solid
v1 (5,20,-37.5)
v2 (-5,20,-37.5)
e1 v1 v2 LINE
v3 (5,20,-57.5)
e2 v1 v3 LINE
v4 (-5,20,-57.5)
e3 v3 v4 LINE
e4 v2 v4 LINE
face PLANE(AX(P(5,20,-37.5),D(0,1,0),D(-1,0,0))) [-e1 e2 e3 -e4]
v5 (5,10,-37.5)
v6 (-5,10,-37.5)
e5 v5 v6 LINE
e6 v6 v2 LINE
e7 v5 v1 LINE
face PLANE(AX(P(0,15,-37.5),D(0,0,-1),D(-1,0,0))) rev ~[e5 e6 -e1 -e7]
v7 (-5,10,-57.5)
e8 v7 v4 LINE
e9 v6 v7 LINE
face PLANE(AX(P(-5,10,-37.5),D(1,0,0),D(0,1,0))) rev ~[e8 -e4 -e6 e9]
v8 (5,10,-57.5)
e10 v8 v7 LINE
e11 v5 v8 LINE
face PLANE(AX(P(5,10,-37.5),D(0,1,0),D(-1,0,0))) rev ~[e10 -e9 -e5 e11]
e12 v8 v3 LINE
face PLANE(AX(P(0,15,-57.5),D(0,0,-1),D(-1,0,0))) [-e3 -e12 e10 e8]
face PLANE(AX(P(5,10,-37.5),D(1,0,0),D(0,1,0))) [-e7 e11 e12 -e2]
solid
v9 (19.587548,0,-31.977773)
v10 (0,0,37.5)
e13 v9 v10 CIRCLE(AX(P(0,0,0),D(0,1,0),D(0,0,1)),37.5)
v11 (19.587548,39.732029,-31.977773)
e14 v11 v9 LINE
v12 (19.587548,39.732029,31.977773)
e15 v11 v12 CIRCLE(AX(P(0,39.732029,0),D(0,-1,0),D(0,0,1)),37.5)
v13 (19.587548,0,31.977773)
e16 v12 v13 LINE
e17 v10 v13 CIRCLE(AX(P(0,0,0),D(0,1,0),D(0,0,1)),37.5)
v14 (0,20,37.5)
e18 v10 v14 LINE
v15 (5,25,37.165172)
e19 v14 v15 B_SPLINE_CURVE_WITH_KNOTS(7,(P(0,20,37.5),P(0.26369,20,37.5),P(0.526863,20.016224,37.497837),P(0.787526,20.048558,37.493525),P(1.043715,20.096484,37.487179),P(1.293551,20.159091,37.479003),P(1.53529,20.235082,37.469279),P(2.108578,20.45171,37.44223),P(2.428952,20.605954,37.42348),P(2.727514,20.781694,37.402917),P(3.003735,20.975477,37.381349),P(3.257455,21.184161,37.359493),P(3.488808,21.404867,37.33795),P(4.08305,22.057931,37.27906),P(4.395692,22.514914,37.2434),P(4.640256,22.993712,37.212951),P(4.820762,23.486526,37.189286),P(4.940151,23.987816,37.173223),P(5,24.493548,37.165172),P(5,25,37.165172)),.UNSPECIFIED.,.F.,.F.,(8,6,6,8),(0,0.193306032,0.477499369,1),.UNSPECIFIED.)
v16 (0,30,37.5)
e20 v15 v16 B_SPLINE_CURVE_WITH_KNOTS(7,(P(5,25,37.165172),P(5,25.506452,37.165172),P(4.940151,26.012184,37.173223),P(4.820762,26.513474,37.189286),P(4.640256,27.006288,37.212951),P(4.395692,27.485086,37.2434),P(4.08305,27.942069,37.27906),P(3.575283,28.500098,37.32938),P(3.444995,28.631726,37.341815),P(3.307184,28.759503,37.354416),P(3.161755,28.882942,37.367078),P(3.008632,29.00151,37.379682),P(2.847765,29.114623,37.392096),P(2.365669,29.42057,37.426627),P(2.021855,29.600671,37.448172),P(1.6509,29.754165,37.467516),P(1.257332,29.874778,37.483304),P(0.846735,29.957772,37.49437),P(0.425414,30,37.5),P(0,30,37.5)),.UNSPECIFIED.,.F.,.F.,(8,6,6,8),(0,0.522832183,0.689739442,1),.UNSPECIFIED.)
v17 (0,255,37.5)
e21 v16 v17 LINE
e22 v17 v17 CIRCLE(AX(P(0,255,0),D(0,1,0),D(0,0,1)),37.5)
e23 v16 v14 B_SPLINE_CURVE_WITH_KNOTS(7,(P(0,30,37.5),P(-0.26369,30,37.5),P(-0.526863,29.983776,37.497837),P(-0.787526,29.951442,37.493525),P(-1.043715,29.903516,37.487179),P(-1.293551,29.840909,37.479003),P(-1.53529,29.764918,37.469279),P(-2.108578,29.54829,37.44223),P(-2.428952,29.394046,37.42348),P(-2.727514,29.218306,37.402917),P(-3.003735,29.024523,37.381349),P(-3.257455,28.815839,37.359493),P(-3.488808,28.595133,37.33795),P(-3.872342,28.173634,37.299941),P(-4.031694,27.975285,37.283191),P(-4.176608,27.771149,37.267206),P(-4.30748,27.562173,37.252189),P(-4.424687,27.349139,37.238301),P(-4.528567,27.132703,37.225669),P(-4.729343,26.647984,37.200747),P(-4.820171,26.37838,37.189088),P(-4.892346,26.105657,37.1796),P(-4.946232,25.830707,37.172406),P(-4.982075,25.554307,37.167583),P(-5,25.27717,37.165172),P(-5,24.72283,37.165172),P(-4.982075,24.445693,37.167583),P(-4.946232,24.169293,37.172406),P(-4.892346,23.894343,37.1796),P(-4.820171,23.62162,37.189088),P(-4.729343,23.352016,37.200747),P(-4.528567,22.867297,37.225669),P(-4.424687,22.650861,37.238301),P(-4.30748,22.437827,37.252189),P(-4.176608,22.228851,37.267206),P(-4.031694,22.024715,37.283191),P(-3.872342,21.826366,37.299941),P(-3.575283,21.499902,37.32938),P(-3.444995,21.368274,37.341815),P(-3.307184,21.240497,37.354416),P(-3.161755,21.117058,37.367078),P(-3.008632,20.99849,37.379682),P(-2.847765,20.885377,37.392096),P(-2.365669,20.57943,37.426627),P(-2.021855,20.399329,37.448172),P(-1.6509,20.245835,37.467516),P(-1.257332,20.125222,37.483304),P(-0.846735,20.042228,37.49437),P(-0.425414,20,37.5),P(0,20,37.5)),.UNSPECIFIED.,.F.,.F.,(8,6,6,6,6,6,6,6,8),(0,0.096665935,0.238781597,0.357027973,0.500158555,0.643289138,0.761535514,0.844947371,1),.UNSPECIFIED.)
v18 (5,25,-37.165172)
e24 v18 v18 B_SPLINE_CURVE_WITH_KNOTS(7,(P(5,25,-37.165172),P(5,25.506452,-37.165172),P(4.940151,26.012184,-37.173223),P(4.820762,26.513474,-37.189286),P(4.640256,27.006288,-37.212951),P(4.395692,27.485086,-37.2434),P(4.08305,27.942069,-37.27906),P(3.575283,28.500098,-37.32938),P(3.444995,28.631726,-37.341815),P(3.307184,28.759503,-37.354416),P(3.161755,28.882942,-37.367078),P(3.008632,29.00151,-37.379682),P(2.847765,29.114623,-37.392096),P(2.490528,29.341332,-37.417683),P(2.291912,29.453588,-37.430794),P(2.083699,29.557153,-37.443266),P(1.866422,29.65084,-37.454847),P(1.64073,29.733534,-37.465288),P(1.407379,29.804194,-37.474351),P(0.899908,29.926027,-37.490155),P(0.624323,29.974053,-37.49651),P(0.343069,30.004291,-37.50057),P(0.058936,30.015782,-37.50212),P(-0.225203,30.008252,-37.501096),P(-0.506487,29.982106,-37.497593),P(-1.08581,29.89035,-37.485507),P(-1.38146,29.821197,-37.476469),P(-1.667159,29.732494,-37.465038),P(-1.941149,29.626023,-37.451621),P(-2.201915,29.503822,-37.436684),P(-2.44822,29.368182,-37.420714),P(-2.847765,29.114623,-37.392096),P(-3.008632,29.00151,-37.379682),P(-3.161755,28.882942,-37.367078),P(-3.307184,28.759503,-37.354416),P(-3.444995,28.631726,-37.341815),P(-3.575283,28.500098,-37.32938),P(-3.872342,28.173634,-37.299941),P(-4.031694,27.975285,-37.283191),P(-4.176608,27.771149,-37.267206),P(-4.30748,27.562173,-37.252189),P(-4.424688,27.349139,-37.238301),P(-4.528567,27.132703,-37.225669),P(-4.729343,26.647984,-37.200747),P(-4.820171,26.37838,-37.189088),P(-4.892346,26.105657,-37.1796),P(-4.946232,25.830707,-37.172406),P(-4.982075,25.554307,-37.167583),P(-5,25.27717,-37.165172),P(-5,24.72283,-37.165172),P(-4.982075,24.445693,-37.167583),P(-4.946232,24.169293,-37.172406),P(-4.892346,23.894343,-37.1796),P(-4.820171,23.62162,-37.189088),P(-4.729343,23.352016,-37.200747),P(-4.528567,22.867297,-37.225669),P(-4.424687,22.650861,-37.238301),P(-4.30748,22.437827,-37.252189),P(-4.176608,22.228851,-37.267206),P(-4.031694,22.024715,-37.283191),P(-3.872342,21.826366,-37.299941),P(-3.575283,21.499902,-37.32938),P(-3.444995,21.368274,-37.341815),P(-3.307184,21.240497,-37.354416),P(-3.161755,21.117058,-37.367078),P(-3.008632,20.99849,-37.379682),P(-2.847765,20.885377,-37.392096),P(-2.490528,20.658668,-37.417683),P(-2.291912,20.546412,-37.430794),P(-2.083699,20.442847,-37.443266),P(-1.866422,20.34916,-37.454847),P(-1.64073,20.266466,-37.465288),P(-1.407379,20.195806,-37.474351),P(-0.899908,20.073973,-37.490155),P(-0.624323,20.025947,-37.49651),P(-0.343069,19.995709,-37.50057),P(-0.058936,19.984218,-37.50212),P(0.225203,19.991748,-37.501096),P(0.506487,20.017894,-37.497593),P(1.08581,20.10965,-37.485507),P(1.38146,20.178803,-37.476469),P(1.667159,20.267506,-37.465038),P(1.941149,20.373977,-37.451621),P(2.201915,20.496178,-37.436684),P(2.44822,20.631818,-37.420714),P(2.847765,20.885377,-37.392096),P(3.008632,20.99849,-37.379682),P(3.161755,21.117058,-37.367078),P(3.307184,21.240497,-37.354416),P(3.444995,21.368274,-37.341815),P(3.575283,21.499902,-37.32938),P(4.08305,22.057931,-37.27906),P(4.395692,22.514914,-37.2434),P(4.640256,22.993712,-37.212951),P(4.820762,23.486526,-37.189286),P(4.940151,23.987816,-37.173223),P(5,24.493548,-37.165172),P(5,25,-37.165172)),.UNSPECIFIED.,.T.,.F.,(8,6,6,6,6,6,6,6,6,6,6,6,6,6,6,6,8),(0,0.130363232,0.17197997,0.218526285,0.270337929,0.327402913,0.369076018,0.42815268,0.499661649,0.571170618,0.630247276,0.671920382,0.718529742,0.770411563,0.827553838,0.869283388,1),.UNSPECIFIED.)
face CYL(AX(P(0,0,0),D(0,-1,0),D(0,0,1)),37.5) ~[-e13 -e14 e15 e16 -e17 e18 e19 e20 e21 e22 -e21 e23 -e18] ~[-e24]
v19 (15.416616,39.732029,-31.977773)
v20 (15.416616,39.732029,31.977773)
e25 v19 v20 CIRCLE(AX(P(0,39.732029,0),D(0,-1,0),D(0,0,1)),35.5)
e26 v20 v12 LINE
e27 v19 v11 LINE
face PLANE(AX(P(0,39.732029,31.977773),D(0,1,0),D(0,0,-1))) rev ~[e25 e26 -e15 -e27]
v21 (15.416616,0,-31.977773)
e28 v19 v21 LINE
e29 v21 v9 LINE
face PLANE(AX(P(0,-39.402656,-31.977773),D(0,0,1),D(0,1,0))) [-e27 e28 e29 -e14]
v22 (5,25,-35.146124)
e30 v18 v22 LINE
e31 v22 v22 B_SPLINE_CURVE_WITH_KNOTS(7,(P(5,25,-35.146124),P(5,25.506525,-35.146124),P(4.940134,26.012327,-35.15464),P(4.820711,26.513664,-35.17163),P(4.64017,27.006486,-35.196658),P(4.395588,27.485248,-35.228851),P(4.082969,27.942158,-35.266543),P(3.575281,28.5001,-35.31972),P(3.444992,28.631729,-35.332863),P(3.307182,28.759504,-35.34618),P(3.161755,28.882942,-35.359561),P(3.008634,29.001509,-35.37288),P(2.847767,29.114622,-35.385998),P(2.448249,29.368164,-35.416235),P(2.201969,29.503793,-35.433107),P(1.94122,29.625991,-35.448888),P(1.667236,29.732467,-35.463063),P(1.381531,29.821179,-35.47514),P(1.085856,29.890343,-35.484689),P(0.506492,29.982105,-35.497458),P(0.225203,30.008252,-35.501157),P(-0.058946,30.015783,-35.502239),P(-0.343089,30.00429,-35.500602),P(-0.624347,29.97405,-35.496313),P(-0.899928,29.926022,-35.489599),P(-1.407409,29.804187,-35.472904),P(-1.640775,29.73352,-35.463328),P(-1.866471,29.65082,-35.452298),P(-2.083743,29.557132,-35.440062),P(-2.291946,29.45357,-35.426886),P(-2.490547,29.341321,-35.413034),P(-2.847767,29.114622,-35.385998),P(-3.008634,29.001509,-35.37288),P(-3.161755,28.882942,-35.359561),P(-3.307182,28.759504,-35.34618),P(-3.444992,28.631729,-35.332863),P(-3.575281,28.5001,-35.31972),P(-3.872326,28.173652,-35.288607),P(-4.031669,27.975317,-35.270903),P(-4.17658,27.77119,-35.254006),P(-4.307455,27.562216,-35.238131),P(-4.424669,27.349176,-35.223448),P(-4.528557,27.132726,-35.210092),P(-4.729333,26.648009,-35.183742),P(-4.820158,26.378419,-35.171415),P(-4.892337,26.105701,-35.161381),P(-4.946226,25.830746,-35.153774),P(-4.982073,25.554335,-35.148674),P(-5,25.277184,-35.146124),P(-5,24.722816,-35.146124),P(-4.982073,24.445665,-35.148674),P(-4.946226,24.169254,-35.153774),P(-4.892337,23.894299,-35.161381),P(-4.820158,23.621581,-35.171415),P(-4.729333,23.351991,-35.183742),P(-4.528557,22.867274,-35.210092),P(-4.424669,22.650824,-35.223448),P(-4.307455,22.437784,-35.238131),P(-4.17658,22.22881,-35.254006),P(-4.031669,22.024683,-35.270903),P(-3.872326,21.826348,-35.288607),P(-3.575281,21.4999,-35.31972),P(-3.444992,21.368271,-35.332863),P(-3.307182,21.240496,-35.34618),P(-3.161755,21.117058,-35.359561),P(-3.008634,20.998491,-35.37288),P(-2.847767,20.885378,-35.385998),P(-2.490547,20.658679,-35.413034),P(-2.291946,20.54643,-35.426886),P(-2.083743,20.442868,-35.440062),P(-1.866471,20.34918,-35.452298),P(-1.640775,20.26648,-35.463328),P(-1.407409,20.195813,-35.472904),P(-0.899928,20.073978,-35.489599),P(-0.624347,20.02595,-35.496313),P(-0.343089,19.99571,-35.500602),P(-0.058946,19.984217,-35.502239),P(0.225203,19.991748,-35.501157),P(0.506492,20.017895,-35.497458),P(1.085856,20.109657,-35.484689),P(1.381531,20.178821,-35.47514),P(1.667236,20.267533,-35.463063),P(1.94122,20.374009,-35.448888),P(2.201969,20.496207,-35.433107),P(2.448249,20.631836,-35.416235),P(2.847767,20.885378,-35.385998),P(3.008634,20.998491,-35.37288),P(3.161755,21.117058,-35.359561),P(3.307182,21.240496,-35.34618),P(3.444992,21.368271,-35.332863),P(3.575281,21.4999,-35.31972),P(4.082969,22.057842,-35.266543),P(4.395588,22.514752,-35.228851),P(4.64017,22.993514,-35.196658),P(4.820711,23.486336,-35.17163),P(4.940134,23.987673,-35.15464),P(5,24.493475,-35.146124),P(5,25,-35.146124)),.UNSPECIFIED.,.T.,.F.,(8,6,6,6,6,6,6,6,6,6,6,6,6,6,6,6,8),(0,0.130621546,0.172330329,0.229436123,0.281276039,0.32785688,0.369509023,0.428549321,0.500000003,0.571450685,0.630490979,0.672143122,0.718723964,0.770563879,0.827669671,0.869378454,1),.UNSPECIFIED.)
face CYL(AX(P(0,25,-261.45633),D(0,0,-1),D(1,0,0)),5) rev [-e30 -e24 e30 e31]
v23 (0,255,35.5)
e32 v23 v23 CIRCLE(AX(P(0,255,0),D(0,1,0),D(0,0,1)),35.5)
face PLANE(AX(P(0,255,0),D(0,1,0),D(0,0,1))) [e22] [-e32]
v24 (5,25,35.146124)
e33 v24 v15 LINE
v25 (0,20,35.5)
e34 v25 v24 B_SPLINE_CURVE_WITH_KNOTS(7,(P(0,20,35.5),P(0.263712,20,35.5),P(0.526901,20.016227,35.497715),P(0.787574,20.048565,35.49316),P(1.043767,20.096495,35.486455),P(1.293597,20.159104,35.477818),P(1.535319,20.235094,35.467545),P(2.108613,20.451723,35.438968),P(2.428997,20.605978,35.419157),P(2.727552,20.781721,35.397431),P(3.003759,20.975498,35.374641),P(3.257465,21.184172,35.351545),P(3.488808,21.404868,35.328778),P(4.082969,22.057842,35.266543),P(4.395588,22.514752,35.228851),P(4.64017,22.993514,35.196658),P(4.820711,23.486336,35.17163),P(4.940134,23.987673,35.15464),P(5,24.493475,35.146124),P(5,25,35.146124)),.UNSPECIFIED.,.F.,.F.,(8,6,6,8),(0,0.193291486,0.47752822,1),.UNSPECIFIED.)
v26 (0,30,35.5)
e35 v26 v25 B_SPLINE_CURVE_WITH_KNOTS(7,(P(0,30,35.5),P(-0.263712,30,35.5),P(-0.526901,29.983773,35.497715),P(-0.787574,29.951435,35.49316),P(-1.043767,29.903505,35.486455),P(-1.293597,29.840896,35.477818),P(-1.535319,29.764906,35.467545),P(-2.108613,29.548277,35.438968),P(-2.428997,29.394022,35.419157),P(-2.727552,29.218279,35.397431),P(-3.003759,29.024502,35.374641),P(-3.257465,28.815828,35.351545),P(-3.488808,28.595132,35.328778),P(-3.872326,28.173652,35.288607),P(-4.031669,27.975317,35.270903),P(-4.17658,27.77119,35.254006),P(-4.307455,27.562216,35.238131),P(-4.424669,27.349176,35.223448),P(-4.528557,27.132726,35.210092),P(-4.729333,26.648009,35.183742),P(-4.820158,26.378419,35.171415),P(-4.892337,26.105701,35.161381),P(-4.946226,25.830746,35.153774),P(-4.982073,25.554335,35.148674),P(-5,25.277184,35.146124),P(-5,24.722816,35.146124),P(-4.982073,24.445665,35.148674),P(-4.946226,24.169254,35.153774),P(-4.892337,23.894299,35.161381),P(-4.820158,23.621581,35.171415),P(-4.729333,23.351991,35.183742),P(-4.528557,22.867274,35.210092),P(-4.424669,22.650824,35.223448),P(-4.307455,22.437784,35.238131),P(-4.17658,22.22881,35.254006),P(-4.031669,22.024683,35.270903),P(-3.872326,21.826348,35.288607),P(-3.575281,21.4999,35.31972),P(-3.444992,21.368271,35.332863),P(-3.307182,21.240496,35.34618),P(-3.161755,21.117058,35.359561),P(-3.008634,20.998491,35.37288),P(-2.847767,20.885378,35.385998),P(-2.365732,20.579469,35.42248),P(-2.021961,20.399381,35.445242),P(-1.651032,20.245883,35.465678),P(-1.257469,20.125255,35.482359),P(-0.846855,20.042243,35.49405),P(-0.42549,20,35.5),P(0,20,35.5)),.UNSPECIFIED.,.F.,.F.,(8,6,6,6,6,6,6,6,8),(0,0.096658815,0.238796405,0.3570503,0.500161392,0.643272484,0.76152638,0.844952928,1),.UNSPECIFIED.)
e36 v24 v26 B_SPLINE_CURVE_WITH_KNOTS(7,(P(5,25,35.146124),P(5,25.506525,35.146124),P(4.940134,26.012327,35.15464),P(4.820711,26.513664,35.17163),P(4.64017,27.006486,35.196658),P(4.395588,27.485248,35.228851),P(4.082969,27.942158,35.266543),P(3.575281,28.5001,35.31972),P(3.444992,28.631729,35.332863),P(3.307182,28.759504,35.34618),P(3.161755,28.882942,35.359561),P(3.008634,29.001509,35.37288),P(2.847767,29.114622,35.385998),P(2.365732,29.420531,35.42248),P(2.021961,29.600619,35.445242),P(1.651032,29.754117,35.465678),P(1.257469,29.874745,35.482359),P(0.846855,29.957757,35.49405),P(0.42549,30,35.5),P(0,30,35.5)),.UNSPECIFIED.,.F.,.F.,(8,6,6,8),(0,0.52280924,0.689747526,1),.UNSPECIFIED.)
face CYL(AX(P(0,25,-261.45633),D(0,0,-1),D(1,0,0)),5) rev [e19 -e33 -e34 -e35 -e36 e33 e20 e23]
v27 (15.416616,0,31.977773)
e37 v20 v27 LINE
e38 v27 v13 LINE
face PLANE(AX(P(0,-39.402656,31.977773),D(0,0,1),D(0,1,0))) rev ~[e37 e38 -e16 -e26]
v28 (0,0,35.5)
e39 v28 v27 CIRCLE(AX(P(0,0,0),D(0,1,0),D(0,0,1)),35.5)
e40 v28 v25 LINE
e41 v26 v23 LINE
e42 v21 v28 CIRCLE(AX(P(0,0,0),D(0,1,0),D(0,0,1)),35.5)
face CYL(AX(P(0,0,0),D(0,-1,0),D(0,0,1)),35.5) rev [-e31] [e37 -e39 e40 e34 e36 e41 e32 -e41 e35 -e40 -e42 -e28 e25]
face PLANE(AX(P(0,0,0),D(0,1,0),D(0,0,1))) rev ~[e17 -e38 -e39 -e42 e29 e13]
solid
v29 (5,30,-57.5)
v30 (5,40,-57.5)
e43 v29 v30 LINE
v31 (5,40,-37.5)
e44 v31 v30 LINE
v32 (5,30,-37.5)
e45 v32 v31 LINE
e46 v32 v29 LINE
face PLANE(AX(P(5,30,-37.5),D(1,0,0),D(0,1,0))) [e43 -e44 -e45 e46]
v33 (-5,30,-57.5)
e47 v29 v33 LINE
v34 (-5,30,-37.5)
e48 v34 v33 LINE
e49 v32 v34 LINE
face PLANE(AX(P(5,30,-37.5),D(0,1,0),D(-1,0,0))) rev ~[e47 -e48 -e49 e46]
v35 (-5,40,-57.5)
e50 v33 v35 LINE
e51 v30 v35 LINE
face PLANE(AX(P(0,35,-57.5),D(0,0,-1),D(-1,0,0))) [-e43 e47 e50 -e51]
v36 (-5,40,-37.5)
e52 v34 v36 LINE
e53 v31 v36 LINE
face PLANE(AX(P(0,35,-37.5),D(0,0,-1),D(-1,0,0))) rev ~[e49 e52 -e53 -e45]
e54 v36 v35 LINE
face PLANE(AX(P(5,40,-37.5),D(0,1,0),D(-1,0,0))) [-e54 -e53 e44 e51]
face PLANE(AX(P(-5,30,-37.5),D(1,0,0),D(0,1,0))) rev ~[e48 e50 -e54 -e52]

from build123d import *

# Parameters (mm, degrees)
SKETCH1_R               = 37.5
SKETCH1_R_2             = 35.5
BOSS_EXTRUDE1_DEPTH     = 255
CUT_EXTRUDE1_DEPTH      = 261.456330313
CUT_EXTRUDE1_DEPTH_BACK = 261.456330313
SKETCH2_R               = 5
SKETCH3_W               = 10
SKETCH3_H               = 10
BOSS_EXTRUDE2_DEPTH     = 20
BOSS_EXTRUDE2_2_DEPTH   = 20
SKETCH4_W               = 63.955545956
SKETCH4_H               = 79.134684629
CUT_EXTRUDE2_DEPTH      = 265.078586899


with BuildPart() as part:
    # Sketch1 → Boss-Extrude1 (new body)
    with BuildSketch(Plane(origin=(0, 0, 0), x_dir=(1, 0, 0), z_dir=(0, 1, 0))):
        with Locations(Location((0, 0, 0), (0, 0, 270))):
            Circle(SKETCH1_R)
        with Locations(Location((0, 0, 0), (0, 0, 270))):
            Circle(SKETCH1_R_2, mode=Mode.SUBTRACT)
    extrude(amount=BOSS_EXTRUDE1_DEPTH)

    # Sketch2 → Cut-Extrude1 (cut, two sides: drawn at the far end of the back side and taken through both)
    with BuildSketch(Plane.XY.offset(-CUT_EXTRUDE1_DEPTH_BACK)):
        with Locations((0, 25)):
            Circle(SKETCH2_R)
    extrude(amount=CUT_EXTRUDE1_DEPTH + CUT_EXTRUDE1_DEPTH_BACK, mode=Mode.SUBTRACT)

    # Sketch4 → Cut-Extrude2 (cut, through all)
    with BuildSketch(Plane(origin=(0, 0, 0), x_dir=(0, 0, -1), z_dir=(1, 0, 0))):
        with Locations((0, 0.164686538)):
            Rectangle(SKETCH4_W, SKETCH4_H)
    extrude(amount=CUT_EXTRUDE2_DEPTH, mode=Mode.SUBTRACT)


with BuildPart() as body_2:
    # Sketch3 → Boss-Extrude2 (new body)
    with BuildSketch(Plane(origin=(0, 0, -37.5), x_dir=(-1, 0, 0), z_dir=(0, 0, -1))):
        with Locations((0, 35)):
            Rectangle(SKETCH3_W, SKETCH3_H)
    extrude(amount=BOSS_EXTRUDE2_DEPTH)


with BuildPart() as body_3:
    # Sketch3 → Boss-Extrude2 2 (new body)
    with BuildSketch(Plane(origin=(0, 0, -37.5), x_dir=(-1, 0, 0), z_dir=(0, 0, -1))):
        with Locations((0, 15)):
            Rectangle(SKETCH3_W, SKETCH3_H)
    extrude(amount=BOSS_EXTRUDE2_2_DEPTH)


solid = Compound([part.part, body_2.part, body_3.part])
